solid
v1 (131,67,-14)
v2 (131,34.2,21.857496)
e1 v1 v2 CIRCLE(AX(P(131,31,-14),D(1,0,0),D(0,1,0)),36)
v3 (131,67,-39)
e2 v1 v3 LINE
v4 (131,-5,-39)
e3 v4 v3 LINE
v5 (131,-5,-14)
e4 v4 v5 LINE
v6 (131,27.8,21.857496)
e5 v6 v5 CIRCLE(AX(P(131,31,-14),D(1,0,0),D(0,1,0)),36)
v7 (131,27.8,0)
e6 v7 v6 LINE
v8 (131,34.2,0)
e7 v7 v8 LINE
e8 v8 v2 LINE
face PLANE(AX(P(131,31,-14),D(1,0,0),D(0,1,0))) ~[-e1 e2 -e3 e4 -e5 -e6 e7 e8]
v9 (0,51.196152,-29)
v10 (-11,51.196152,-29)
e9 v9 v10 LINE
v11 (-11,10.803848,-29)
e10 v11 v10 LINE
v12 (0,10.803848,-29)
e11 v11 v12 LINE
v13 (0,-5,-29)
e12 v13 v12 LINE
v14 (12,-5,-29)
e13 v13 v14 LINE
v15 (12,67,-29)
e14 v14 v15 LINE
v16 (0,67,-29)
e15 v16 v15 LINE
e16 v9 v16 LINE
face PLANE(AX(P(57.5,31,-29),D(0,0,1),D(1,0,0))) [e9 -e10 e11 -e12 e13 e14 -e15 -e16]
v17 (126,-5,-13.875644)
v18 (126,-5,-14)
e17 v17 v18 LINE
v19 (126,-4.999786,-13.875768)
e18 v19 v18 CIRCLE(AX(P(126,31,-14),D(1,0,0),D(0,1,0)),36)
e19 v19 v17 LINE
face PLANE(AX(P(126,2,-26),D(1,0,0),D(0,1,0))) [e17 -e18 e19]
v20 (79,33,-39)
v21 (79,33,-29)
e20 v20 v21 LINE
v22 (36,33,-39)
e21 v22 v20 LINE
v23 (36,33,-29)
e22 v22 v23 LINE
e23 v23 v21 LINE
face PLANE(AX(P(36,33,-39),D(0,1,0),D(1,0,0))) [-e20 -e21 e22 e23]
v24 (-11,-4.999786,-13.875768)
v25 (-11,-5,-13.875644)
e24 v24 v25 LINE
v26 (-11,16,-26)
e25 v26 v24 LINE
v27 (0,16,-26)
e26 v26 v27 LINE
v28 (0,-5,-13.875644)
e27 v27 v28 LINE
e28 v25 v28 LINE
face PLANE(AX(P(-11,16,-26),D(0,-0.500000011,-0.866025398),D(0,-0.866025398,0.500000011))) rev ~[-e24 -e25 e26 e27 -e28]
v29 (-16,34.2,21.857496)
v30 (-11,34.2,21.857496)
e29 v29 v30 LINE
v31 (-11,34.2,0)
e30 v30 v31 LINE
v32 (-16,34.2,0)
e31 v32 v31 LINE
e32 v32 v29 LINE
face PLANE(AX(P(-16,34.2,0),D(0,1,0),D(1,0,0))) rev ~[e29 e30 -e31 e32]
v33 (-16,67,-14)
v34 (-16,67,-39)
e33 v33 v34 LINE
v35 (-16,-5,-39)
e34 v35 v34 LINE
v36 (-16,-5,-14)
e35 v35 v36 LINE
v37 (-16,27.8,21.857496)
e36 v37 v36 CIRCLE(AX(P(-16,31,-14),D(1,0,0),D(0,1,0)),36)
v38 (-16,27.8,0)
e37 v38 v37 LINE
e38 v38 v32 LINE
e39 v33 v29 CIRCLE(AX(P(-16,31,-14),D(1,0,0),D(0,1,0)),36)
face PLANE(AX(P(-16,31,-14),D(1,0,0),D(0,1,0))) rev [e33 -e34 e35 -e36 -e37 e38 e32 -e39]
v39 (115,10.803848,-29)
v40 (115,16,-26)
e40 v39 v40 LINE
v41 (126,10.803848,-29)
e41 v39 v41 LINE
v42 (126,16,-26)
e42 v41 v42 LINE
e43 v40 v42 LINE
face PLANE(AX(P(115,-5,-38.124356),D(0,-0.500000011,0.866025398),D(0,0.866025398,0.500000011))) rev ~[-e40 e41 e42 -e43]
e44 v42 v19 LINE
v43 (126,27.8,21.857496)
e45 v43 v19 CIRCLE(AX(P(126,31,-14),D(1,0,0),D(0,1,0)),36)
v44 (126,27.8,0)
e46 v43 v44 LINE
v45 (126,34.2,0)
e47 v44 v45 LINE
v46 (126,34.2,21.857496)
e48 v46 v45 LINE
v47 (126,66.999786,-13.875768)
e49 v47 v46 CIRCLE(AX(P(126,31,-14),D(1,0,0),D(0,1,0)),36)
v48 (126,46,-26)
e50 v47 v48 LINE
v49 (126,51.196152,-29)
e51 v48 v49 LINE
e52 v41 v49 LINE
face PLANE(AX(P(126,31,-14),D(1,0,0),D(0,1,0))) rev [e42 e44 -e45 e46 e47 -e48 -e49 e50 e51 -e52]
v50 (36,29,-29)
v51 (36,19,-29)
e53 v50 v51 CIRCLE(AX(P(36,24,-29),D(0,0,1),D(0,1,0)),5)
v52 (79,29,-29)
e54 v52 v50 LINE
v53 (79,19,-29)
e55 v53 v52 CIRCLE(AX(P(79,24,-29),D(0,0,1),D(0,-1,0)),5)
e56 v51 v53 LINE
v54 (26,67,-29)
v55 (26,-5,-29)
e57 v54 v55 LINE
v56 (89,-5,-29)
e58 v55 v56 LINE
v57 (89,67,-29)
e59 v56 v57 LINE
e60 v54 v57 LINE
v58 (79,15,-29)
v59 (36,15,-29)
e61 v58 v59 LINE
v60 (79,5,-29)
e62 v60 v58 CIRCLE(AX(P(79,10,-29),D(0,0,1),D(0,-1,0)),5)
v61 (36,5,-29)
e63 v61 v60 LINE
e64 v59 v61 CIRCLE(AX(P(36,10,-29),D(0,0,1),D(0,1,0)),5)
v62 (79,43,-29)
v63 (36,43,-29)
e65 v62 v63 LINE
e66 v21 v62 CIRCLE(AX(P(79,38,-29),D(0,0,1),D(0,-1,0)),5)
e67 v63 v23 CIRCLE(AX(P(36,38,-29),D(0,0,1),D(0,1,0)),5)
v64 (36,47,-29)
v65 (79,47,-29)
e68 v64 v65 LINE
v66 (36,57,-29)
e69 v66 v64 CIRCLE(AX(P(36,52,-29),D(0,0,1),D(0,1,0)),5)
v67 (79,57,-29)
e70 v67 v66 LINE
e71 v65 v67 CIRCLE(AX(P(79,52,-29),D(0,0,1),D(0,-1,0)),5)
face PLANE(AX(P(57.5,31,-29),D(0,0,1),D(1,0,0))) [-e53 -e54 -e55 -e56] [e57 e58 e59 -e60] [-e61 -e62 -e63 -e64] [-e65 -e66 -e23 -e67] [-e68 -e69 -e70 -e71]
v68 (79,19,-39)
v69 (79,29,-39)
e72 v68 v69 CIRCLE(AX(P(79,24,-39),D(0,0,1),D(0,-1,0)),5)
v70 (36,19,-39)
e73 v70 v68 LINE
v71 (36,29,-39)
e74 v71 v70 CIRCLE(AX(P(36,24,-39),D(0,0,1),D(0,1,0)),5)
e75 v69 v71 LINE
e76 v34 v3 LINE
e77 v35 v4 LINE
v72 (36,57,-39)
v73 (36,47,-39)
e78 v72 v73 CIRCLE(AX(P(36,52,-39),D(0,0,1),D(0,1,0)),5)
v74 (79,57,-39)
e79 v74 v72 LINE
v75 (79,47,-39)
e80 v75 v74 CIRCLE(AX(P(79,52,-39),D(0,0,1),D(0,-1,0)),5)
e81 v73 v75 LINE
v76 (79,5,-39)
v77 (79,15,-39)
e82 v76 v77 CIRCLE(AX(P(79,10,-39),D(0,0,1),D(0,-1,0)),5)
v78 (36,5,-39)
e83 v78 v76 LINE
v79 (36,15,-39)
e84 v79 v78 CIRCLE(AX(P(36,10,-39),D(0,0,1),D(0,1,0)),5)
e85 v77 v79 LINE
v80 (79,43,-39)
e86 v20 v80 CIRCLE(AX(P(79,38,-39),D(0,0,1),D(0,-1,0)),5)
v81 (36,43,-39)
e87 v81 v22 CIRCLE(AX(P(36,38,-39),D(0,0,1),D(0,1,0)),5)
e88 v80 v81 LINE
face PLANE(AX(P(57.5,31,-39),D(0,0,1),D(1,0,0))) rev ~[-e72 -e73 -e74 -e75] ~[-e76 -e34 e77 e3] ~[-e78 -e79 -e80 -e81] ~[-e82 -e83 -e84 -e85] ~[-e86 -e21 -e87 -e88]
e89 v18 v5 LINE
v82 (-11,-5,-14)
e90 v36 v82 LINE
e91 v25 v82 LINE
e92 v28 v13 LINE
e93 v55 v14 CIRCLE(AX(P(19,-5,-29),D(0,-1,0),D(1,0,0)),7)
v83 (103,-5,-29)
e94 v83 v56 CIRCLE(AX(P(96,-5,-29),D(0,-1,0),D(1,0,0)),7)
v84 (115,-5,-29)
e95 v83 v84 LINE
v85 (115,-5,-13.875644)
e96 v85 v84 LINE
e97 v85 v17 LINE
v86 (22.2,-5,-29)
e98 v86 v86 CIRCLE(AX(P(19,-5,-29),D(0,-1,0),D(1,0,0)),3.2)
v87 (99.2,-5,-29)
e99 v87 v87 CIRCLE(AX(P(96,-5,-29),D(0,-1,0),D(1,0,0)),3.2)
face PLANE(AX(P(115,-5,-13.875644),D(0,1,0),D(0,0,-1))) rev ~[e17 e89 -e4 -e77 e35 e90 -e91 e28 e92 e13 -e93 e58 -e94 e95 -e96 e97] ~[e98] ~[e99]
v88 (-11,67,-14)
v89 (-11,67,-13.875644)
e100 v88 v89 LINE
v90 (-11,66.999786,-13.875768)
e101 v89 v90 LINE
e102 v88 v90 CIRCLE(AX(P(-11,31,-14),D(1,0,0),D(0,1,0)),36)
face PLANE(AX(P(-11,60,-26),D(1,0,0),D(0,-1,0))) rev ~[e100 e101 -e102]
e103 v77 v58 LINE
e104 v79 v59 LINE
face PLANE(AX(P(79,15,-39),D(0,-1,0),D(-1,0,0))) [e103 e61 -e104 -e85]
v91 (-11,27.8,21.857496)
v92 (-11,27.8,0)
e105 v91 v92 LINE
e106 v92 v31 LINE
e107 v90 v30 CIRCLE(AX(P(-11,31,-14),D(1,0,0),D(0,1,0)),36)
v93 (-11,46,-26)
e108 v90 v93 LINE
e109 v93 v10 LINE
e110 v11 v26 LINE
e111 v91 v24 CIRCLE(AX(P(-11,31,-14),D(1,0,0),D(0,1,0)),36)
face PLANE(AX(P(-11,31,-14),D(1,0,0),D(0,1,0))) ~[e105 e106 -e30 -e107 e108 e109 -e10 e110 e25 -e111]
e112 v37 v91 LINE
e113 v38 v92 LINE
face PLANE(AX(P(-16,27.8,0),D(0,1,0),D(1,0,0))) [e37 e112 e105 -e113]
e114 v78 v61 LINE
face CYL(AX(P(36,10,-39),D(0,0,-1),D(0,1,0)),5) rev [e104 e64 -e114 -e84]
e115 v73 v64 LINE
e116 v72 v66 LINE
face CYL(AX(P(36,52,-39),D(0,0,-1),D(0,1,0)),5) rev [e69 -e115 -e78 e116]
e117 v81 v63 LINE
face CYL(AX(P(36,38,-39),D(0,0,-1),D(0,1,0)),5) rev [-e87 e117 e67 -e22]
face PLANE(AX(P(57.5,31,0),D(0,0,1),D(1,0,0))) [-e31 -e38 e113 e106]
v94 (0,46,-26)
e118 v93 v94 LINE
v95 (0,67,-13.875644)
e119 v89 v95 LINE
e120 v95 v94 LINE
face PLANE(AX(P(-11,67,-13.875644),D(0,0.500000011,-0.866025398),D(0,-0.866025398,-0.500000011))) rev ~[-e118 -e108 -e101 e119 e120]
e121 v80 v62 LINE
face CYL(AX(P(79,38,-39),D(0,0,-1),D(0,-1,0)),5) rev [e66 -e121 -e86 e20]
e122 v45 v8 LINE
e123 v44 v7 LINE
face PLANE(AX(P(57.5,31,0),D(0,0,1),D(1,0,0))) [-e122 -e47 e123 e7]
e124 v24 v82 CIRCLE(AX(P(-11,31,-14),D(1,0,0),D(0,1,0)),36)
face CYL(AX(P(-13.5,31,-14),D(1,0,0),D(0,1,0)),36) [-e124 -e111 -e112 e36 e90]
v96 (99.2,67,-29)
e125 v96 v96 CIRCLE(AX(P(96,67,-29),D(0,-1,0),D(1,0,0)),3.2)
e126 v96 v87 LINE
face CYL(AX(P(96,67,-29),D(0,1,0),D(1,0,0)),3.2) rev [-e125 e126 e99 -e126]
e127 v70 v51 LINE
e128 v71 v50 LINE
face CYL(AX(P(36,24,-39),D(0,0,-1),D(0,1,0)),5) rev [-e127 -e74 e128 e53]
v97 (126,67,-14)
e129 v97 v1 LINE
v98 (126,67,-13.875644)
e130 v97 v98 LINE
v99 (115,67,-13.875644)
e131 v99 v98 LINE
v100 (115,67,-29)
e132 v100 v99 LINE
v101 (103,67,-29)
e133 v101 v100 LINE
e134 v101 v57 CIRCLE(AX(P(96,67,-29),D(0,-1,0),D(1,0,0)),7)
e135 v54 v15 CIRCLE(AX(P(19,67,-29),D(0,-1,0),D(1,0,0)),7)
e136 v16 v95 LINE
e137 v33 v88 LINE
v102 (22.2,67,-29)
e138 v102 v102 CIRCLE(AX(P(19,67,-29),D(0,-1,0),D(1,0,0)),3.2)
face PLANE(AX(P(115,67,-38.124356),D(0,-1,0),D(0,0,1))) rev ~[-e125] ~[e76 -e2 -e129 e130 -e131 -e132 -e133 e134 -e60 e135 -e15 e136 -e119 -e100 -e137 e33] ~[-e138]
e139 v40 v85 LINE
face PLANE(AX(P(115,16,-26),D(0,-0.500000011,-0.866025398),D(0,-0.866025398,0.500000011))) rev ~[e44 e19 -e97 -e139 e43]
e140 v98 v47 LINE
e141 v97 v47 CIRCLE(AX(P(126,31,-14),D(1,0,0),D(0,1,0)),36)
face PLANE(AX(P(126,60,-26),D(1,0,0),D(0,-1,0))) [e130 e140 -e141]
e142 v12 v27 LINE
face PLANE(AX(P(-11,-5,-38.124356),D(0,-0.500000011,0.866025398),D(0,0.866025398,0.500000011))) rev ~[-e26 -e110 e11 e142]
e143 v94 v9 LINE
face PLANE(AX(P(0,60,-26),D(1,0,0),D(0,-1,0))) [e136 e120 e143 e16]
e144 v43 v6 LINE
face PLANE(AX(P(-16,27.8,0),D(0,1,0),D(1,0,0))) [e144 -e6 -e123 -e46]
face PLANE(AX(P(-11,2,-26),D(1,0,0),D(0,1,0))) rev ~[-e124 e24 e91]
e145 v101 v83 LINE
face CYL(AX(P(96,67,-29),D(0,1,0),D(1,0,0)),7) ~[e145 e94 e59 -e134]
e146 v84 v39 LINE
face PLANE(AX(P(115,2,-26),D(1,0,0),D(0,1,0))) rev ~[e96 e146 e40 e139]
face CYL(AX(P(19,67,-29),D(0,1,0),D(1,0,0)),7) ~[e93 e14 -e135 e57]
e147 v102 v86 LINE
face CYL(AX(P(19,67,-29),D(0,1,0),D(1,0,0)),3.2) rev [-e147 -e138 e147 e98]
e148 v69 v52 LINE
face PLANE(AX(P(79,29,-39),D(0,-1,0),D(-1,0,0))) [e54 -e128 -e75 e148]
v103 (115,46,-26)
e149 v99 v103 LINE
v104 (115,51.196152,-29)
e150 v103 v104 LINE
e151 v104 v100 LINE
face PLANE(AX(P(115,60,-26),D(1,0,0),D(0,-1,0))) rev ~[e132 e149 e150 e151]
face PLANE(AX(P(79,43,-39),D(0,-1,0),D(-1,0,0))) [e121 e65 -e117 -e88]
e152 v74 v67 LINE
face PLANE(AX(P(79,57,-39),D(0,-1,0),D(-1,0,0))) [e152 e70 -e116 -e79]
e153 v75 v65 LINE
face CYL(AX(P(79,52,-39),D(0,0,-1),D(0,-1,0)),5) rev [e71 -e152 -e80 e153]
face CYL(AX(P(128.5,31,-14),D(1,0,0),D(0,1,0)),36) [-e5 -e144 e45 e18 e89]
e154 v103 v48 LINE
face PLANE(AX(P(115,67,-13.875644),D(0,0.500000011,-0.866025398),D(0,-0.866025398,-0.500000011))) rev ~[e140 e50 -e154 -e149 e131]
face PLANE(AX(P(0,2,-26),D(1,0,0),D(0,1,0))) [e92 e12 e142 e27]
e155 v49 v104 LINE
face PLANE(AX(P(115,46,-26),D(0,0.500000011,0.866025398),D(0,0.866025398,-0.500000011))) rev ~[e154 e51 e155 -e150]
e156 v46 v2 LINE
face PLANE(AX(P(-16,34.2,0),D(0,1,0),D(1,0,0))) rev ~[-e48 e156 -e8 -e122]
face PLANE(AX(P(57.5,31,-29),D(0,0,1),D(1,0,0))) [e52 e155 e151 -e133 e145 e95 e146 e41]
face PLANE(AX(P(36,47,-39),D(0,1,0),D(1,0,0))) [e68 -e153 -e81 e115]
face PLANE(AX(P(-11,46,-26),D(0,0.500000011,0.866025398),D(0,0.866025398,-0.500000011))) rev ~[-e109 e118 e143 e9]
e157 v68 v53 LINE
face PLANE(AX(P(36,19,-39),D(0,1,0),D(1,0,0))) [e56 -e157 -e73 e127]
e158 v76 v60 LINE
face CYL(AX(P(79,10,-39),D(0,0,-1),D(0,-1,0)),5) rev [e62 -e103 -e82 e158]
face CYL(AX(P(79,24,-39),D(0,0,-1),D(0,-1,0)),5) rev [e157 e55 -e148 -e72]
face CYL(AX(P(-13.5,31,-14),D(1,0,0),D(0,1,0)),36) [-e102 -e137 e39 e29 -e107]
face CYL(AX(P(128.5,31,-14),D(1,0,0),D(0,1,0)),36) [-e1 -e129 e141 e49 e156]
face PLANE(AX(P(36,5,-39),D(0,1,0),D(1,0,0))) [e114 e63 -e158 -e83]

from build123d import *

# Parameters (mm, degrees)
BOX004_W               = 147
BOX004_H               = 72
BOX004_DEPTH           = 10
BOX005_W               = 5
BOX005_H               = 72
BOX005_DEPTH           = 15
CYLINDER003_W          = 36
CYLINDER003_H          = 5
CYLINDER003_ANGLE      = 180
BOX006_W               = 5
BOX006_H               = 72
BOX006_DEPTH           = 15
CYLINDER004_W          = 36
CYLINDER004_H          = 5
CYLINDER004_ANGLE      = 180
BOX007_W               = 147
BOX007_H               = 6.4
BOX007_DEPTH           = 22
CYLINDER005_R          = 7
CYLINDER005_DEPTH      = 72
CYLINDER006_R          = 7
CYLINDER006_DEPTH      = 72
CYLINDER007_R          = 3.2
CYLINDER007_DEPTH      = 72
CYLINDER008_R          = 3.2
CYLINDER008_DEPTH      = 72
PRISM001_DEPTH         = 11
PRISM002_DEPTH         = 11
PRISM003_DEPTH         = 11
PRISM004_DEPTH         = 11
POCKET001_DEPTH        = 10
LINEARPATTERN001_COUNT = 4
LINEARPATTERN001_PITCH = 14


with BuildPart() as part:
    # Box004 → Box004 (join)
    with BuildSketch(Plane.XY):
        with Locations((73.5, 36)):
            Rectangle(BOX004_W, BOX004_H)
    extrude(amount=BOX004_DEPTH)

    # Box005 → Box005 (join)
    with BuildSketch(Plane.XY.offset(10)):
        with Locations((2.5, 36)):
            Rectangle(BOX005_W, BOX005_H)
    extrude(amount=BOX005_DEPTH)

    # Cylinder003 → Cylinder003 (revolve)
    with BuildSketch(Plane(origin=(0, 36, 25), x_dir=(0, 1, 0), z_dir=(0, 0, -1))):
        with Locations((18, 2.5)):
            Rectangle(CYLINDER003_W, CYLINDER003_H)
    revolve(axis=Axis((0, 36, 25), (1, 0, 0)), revolution_arc=CYLINDER003_ANGLE)

    # Box006 → Box006 (join)
    with BuildSketch(Plane(origin=(142, 0, 10), x_dir=(1, 0, 0), z_dir=(0, 0, 1))):
        with Locations((2.5, 36)):
            Rectangle(BOX006_W, BOX006_H)
    extrude(amount=BOX006_DEPTH)

    # Cylinder004 → Cylinder004 (revolve)
    with BuildSketch(Plane(origin=(142, 36, 25), x_dir=(0, 1, 0), z_dir=(0, 0, -1))):
        with Locations((18, 2.5)):
            Rectangle(CYLINDER004_W, CYLINDER004_H)
    revolve(axis=Axis((142, 36, 25), (1, 0, 0)), revolution_arc=CYLINDER004_ANGLE)

    # Box007 → Box007 (cut)
    with BuildSketch(Plane(origin=(0, 32.8, 39), x_dir=(1, 0, 0), z_dir=(0, 0, 1))):
        with Locations((73.5, 3.2)):
            Rectangle(BOX007_W, BOX007_H)
    extrude(amount=BOX007_DEPTH, mode=Mode.SUBTRACT)

    # Cylinder005 → Cylinder005 (join)
    with BuildSketch(Plane(origin=(35, 72, 10), x_dir=(1, 0, 0), z_dir=(0, -1, 0))):
        Circle(CYLINDER005_R)
    extrude(amount=CYLINDER005_DEPTH)

    # Cylinder006 → Cylinder006 (join)
    with BuildSketch(Plane(origin=(112, 72, 10), x_dir=(1, 0, 0), z_dir=(0, -1, 0))):
        Circle(CYLINDER006_R)
    extrude(amount=CYLINDER006_DEPTH)

    # Cylinder007 → Cylinder007 (cut)
    with BuildSketch(Plane(origin=(35, 72, 10), x_dir=(1, 0, 0), z_dir=(0, -1, 0))):
        Circle(CYLINDER007_R)
    extrude(amount=CYLINDER007_DEPTH, mode=Mode.SUBTRACT)

    # Cylinder008 → Cylinder008 (cut)
    with BuildSketch(Plane(origin=(112, 72, 10), x_dir=(1, 0, 0), z_dir=(0, -1, 0))):
        Circle(CYLINDER008_R)
    extrude(amount=CYLINDER008_DEPTH, mode=Mode.SUBTRACT)

    # Prism001 → Prism001 (join)
    with BuildSketch(Plane(origin=(5, 7, 13), x_dir=(0, 1, 0), z_dir=(1, 0, 0))):
        Polygon((14, 0), (-7, 12.124356), (-7, -12.124356), align=None)
    extrude(amount=PRISM001_DEPTH)

    # Prism002 → Prism002 (join)
    with BuildSketch(Plane(origin=(131, 7, 13), x_dir=(0, 1, 0), z_dir=(1, 0, 0))):
        Polygon((14, 0), (-7, 12.124356), (-7, -12.124356), align=None)
    extrude(amount=PRISM002_DEPTH)

    # Prism003 → Prism003 (join)
    with BuildSketch(Plane(origin=(131, 65, 13), x_dir=(0, -1, 0), z_dir=(1, 0, 0))):
        Polygon((14, 0), (-7, 12.124356), (-7, -12.124356), align=None)
    extrude(amount=PRISM003_DEPTH)

    # Prism004 → Prism004 (join)
    with BuildSketch(Plane(origin=(5, 65, 13), x_dir=(0, -1, 0), z_dir=(1, 0, 0))):
        Polygon((14, 0), (-7, 12.124356), (-7, -12.124356), align=None)
    extrude(amount=PRISM004_DEPTH)

    # Sketch001 → Pocket001 (cut)
    with BuildSketch(Plane.XY):
        with BuildLine():
            ThreePointArc((52, 20), (47, 15), (52, 10))
            Line((52, 10), (95, 10))
            ThreePointArc((95, 10), (100, 15), (95, 20))
            Line((95, 20), (52, 20))
        make_face()
    pocket001 = extrude(amount=POCKET001_DEPTH, mode=Mode.SUBTRACT)

    # LinearPattern001: Pocket001 ×4
    with Locations(*[(0, i * LINEARPATTERN001_PITCH, 0) for i in range(1, LINEARPATTERN001_COUNT)]):
        add(pocket001, mode=Mode.SUBTRACT)


with BuildPart() as part_1:
    # Body003 placement: moved
    add(part.part.moved(Location((-16, -5, -39))))


solid = part_1.part
